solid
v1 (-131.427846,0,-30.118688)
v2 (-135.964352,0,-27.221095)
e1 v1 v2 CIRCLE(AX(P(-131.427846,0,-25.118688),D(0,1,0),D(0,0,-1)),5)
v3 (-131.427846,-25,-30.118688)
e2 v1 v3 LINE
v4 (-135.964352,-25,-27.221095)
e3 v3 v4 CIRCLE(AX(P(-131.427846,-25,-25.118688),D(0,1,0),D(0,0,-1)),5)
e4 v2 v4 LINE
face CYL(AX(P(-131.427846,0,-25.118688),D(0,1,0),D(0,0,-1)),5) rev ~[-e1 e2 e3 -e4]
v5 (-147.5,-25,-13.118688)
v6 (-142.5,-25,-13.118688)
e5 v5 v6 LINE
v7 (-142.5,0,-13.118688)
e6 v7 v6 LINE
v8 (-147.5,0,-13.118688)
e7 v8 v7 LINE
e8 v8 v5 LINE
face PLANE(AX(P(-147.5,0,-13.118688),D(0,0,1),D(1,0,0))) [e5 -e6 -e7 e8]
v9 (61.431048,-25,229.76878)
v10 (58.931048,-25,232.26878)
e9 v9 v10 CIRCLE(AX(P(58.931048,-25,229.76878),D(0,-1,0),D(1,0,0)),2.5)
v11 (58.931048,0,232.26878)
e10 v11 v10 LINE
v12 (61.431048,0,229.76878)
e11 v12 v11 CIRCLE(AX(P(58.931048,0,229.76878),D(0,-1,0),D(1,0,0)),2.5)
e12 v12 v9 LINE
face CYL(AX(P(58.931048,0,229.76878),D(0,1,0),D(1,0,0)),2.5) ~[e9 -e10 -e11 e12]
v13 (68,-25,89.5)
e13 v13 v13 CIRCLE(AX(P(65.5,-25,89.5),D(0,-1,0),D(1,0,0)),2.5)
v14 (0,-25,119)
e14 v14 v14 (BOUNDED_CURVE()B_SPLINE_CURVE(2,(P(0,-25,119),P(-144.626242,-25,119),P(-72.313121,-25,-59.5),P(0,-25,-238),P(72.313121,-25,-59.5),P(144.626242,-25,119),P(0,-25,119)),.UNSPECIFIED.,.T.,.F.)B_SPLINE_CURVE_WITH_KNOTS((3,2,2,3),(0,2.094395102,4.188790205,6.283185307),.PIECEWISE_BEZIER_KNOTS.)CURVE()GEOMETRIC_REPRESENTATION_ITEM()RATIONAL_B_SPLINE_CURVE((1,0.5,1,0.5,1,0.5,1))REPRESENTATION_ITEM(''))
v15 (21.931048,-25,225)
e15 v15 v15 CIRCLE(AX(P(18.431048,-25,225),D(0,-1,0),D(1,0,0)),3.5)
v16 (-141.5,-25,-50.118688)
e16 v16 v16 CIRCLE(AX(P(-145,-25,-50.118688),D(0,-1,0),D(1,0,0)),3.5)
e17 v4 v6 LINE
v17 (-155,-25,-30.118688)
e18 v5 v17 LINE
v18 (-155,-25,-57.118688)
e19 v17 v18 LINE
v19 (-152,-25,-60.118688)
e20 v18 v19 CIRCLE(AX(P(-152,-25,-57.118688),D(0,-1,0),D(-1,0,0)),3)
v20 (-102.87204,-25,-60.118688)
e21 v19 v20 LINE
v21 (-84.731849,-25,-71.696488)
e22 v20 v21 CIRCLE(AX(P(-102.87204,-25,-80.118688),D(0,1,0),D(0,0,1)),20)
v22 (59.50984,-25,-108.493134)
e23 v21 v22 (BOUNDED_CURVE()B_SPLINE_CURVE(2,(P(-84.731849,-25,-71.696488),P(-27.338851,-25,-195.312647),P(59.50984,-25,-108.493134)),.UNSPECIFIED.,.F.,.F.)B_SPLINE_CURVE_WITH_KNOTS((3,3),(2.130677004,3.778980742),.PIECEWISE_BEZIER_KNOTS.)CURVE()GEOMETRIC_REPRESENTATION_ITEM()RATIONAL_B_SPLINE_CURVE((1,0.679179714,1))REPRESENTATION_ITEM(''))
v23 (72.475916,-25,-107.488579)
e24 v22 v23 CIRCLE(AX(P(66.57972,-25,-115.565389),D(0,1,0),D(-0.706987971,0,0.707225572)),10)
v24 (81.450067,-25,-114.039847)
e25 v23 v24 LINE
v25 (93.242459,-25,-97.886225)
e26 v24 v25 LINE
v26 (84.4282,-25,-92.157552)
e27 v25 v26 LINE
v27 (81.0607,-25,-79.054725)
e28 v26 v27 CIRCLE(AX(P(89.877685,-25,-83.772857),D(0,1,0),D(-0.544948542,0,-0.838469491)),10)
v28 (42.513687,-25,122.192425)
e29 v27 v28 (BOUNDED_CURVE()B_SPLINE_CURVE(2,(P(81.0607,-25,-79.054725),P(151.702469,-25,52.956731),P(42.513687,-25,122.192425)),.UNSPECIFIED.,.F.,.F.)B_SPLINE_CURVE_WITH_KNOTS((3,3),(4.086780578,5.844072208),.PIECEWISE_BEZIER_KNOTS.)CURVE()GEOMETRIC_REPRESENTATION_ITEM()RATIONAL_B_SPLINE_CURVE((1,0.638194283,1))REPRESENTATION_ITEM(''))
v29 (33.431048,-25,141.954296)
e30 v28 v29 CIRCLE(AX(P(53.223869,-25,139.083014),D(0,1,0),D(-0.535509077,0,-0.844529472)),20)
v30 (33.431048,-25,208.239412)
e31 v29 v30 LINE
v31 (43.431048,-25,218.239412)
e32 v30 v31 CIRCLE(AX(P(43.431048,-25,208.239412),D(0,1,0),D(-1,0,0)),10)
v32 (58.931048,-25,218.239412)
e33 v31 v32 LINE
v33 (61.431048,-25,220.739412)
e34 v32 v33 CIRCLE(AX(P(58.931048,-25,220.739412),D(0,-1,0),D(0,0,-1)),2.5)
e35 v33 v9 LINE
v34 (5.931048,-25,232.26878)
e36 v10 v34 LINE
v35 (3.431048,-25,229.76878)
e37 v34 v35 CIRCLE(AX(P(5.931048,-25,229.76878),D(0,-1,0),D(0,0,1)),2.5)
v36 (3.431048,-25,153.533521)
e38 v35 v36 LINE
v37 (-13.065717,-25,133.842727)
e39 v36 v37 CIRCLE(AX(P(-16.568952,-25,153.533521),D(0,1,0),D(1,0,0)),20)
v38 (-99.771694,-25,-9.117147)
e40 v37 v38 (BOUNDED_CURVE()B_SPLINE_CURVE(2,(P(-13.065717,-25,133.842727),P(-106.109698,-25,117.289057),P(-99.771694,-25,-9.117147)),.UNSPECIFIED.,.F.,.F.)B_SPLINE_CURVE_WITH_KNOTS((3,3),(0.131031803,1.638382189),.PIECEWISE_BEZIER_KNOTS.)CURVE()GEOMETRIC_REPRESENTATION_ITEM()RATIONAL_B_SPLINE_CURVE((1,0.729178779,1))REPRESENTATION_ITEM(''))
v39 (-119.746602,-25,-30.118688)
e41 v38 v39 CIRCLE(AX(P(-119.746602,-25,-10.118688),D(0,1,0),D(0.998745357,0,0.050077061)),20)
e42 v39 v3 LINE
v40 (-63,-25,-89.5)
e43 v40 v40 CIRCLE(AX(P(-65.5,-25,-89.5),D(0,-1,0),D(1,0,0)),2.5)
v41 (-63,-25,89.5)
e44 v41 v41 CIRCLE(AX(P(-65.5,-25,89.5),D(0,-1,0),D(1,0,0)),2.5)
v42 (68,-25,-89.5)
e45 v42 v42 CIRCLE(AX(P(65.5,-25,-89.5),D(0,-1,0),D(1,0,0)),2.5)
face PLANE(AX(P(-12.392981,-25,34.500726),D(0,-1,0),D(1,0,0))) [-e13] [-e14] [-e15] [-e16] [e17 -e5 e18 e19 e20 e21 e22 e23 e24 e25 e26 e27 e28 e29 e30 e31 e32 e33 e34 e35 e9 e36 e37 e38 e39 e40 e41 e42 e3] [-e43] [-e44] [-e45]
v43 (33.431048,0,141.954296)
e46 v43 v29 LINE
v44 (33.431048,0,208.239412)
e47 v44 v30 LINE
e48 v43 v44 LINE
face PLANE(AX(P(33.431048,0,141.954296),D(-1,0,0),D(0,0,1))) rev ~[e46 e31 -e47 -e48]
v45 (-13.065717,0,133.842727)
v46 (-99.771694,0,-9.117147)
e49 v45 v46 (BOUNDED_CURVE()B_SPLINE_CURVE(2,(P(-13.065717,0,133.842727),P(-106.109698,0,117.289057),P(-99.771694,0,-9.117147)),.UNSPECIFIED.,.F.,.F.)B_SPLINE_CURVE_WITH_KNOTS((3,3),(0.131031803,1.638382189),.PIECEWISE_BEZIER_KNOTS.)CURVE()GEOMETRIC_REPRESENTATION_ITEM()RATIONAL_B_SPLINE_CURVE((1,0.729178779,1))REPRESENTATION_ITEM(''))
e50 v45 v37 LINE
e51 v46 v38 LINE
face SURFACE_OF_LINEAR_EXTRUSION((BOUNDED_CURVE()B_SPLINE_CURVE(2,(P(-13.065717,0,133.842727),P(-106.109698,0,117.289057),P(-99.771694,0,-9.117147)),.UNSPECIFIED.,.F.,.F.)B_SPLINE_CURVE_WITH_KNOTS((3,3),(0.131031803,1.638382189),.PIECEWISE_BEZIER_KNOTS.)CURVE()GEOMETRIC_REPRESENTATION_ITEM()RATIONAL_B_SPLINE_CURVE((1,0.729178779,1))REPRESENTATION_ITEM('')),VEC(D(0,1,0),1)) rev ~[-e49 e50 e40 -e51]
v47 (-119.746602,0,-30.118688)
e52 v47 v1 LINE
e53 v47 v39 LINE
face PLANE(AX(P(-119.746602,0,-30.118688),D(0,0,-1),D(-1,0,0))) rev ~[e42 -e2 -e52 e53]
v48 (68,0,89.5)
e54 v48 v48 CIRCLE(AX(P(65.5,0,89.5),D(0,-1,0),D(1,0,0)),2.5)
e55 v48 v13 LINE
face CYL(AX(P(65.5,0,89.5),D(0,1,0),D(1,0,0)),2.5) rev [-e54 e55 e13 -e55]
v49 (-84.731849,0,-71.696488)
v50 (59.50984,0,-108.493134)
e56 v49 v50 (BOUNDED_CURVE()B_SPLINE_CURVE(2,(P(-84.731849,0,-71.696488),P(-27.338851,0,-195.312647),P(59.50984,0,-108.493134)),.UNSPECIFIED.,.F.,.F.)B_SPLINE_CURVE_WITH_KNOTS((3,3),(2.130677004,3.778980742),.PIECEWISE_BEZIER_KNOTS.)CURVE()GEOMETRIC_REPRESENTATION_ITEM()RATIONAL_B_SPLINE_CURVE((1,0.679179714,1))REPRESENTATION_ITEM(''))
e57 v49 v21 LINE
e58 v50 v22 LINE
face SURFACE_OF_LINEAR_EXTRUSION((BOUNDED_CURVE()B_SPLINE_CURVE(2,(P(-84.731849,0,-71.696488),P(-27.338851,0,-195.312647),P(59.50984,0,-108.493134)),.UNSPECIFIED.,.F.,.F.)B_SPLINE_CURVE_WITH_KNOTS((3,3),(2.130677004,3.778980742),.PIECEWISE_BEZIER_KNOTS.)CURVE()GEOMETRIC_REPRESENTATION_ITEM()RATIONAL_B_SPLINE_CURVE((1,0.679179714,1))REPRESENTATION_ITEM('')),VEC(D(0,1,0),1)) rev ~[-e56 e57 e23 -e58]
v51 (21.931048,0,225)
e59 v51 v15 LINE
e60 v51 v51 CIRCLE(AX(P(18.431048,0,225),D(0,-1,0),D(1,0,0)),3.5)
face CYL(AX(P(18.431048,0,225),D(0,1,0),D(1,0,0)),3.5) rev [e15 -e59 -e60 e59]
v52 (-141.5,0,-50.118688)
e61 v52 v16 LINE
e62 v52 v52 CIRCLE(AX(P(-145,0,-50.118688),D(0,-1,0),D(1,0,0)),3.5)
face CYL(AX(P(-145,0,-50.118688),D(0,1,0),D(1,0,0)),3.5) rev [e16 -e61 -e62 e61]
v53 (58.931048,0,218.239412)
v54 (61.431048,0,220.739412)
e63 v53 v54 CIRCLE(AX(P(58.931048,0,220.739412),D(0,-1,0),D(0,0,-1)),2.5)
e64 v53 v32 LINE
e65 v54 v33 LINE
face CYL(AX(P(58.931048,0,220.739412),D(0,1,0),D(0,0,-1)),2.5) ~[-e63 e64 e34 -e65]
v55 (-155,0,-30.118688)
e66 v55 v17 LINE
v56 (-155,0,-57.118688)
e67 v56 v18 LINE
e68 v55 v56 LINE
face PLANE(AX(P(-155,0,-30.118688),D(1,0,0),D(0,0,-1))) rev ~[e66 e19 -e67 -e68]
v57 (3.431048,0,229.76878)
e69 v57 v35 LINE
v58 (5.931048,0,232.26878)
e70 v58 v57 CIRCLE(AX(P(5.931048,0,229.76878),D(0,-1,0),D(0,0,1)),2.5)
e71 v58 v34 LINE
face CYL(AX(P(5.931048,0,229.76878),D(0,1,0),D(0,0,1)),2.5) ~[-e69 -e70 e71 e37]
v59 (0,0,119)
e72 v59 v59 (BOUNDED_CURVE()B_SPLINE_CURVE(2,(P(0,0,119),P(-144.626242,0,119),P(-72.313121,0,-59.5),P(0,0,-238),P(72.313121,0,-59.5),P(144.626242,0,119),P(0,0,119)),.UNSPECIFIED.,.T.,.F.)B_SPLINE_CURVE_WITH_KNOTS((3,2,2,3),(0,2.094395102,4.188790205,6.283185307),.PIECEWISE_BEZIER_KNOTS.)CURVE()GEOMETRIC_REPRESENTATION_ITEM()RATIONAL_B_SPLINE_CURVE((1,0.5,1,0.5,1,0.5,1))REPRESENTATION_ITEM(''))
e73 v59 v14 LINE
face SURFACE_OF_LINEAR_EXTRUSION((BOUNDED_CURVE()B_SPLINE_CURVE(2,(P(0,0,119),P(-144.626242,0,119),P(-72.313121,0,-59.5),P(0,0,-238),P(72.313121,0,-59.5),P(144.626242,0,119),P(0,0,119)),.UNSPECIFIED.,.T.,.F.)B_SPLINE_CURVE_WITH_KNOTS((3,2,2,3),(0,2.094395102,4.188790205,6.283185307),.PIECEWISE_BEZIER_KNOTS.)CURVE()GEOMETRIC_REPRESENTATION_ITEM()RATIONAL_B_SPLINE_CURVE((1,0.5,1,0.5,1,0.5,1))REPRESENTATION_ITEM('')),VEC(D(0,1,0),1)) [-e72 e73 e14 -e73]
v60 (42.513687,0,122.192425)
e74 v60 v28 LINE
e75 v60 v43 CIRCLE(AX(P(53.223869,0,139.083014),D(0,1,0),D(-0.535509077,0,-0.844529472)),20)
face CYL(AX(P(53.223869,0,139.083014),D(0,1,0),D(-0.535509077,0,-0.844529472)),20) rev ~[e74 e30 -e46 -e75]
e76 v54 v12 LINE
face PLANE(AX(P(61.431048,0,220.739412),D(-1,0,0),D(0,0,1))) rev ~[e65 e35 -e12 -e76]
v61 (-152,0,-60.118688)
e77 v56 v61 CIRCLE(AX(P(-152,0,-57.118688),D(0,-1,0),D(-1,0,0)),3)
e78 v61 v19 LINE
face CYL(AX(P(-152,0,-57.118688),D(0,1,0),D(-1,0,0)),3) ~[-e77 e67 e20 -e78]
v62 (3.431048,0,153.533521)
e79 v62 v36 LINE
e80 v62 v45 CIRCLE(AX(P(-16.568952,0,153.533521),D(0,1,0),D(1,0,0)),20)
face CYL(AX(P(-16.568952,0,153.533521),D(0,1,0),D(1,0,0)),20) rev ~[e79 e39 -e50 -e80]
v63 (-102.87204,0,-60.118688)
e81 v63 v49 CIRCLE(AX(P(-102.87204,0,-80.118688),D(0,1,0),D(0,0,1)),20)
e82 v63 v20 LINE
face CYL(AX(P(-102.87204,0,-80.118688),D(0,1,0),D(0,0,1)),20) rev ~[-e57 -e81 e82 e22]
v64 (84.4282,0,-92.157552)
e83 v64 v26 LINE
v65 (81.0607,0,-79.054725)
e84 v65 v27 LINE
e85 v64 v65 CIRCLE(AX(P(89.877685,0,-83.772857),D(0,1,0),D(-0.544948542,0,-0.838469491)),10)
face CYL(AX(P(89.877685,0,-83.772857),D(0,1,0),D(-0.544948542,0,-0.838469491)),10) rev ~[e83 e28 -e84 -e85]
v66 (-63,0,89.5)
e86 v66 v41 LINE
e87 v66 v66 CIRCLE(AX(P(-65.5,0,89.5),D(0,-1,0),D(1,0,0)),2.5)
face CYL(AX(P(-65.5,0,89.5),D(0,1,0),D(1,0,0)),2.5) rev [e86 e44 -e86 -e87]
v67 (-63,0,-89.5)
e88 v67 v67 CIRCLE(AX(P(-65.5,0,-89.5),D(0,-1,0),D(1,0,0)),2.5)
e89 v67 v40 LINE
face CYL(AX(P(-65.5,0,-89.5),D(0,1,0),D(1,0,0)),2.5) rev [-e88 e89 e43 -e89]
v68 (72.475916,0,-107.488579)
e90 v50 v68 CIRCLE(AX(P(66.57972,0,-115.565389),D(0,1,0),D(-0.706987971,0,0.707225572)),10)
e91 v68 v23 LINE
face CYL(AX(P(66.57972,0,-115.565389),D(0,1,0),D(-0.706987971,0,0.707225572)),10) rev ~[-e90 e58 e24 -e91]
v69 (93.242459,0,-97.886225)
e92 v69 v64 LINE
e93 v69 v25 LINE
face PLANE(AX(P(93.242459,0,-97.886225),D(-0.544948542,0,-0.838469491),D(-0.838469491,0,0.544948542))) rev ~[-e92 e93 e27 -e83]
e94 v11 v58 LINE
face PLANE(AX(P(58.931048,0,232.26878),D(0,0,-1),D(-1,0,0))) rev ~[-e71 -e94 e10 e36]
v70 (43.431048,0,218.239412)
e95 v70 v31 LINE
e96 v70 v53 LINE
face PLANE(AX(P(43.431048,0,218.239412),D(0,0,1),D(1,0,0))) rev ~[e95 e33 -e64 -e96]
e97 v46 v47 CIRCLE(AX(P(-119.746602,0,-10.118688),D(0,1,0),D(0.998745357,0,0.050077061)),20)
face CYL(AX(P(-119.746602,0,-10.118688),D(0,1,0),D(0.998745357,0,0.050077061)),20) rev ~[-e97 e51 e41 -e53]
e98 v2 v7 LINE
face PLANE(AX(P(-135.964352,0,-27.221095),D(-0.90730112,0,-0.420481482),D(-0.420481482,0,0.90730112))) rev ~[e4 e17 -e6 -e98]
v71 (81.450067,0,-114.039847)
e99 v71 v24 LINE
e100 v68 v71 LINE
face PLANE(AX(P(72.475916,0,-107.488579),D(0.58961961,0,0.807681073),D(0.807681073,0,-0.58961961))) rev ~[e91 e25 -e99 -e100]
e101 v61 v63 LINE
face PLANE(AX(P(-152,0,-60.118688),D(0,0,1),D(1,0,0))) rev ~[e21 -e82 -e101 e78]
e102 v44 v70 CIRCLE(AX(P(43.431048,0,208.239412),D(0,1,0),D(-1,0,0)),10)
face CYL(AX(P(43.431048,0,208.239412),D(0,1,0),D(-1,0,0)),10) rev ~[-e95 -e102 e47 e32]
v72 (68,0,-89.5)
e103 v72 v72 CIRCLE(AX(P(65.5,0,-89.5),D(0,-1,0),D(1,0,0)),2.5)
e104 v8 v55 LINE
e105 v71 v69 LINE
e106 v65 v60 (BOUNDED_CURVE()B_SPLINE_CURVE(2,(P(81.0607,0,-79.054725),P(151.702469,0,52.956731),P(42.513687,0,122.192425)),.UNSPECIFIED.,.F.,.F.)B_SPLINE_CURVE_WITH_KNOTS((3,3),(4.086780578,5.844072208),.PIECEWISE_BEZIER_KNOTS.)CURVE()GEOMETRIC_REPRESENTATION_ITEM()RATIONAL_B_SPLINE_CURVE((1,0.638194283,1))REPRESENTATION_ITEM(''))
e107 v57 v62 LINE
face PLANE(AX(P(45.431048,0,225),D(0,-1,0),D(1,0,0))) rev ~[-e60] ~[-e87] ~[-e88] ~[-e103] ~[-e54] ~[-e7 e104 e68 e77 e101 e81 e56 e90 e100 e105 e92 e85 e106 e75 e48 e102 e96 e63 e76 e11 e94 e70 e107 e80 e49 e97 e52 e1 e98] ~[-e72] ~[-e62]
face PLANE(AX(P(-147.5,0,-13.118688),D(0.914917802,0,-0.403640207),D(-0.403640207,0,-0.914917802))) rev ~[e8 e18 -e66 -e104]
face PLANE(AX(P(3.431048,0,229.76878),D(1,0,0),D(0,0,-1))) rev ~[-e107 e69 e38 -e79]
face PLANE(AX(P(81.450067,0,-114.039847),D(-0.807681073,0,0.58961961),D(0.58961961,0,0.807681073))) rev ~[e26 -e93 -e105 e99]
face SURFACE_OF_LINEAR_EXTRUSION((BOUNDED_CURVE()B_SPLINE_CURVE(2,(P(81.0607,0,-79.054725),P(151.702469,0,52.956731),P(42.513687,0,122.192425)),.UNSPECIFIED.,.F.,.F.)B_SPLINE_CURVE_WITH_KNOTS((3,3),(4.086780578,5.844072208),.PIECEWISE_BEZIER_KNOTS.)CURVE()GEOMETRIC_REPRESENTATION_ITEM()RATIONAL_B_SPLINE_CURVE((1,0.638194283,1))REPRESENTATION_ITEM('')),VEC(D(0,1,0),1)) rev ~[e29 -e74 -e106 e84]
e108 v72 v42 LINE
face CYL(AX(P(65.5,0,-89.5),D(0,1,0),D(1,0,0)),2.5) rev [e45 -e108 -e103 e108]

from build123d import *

# Parameters (mm, degrees)
F0_R     = 3.5
F0_R_2   = 2.5
F0_R_3   = 5
F0_W     = 5
F0_H     = 15
F0_H_2   = 2
F1_DEPTH = 25
F2_DEPTH = 25


with BuildPart() as f1:
    # F0 (on Front) → F1 (new body)
    with BuildSketch(Plane.XZ):
        with BuildLine():
            ThreePointArc((3.4310483717, 153.5335206791), (-1.2381869311, 140.6895472363), (-13.0657170082, 133.8427272163))
            add(Edge.make_bspline(
                [(-13.0657170082, 133.8427272163), (-106.109697578, 117.2890573736), (-99.7716944898, -9.1171466788)],
                knots=[0.1310318031, 0.1310318031, 0.1310318031, 1.6383821886, 1.6383821886, 1.6383821886], degree=2, weights=[1, 0.7291787792, 1]))
            ThreePointArc((-99.7716944898, -9.1171466788), (-105.2546931224, -23.9021775768), (-119.7466016284, -30.1186878933))
            Line((-119.7466016284, -30.1186878933), (-131.4278459388, -30.1186878933))
            ThreePointArc((-131.4278459388, -30.1186878933), (-134.119310498, -29.332476987), (-135.9643515411, -27.221095304))
            Line((-135.9643515411, -27.221095304), (-142.5, -13.1186878933))
            Line((-142.5, -13.1186878933), (-142.5, -28.1186878933))
            Line((-142.5, -28.1186878933), (-142.5, -30.1186878933))
            Line((-142.5, -30.1186878933), (-147.5, -30.1186878933))
            Line((-147.5, -30.1186878933), (-147.5, -28.1186878933))
            Line((-147.5, -28.1186878933), (-147.5, -13.1186878933))
            Line((-147.5, -13.1186878933), (-155, -30.1186878933))
            Line((-155, -30.1186878933), (-155, -50.1186878933))
            Line((-155, -50.1186878933), (-155, -57.1186878933))
            ThreePointArc((-155, -57.1186878933), (-154.1213203436, -59.2400082368), (-152, -60.1186878933))
            Line((-152, -60.1186878933), (-102.8720403586, -60.1186878933))
            ThreePointArc((-102.8720403586, -60.1186878933), (-92.112021633, -63.2598030836), (-84.7318487342, -71.6964881907))
            add(Edge.make_bspline(
                [(-84.7318487342, -71.6964881907), (-27.3388509801, -195.3126471426), (59.5098403753, -108.4931336193)],
                knots=[2.1306770045, 2.1306770045, 2.1306770045, 3.7789807423, 3.7789807423, 3.7789807423], degree=2, weights=[1, 0.6791797143, 1]))
            ThreePointArc((59.5098403753, -108.4931336193), (65.8072785012, -105.5952672693), (72.4759161821, -107.4885786045))
            Line((72.4759161821, -107.4885786045), (81.4500670309, -114.0398467952))
            Line((81.4500670309, -114.0398467952), (93.2424592272, -97.8862253348))
            Line((93.2424592272, -97.8862253348), (84.4281995262, -92.1575518141))
            ThreePointArc((84.4281995262, -92.1575518141), (80.1924350893, -86.2620204766), (81.0606995154, -79.0547250752))
            add(Edge.make_bspline(
                [(81.0606995154, -79.0547250752), (151.702469188, 52.9567311651), (42.5136872667, 122.1924249079)],
                knots=[4.0867805785, 4.0867805785, 4.0867805785, 5.844072208, 5.844072208, 5.844072208], degree=2, weights=[1, 0.6381942829, 1]))
            ThreePointArc((42.5136872667, 122.1924249079), (35.0513298863, 130.7308392292), (33.4310483717, 141.9542961213))
            Line((33.4310483717, 141.9542961213), (33.4310483717, 208.2394117117))
            ThreePointArc((33.4310483717, 208.2394117117), (36.3599805598, 215.3104795236), (43.4310483717, 218.2394117117))
            Line((43.4310483717, 218.2394117117), (58.9310483717, 218.2394117117))
            ThreePointArc((58.9310483717, 218.2394117117), (60.6988153247, 218.9716447587), (61.4310483717, 220.7394117117))
            Line((61.4310483717, 220.7394117117), (61.4310483717, 229.7687804699))
            ThreePointArc((61.4310483717, 229.7687804699), (60.6988153247, 231.5365474229), (58.9310483717, 232.2687804699))
            Line((58.9310483717, 232.2687804699), (33.4310483717, 232.2687804699))
            Line((33.4310483717, 232.2687804699), (5.9310483717, 232.2687804699))
            ThreePointArc((5.9310483717, 232.2687804699), (4.1632814187, 231.5365474229), (3.4310483717, 229.7687804699))
            Line((3.4310483717, 229.7687804699), (3.4310483717, 153.5335206791))
        make_face()
        with Locations((-145, -50.1186878933)):
            Circle(F0_R, mode=Mode.SUBTRACT)
        with Locations((-65.5, -89.5)):
            Circle(F0_R_2, mode=Mode.SUBTRACT)
        with Locations((65.5, -89.5)):
            Circle(F0_R_2, mode=Mode.SUBTRACT)
        with BuildLine():
            add(Edge.make_bspline(
                [(0, 119), (-144.626242432, 119), (-72.313121216, -59.5), (0, -238), (72.313121216, -59.5), (144.626242432, 119), (0, 119)],
                knots=[0, 0, 0, 2.0943951024, 2.0943951024, 4.1887902048, 4.1887902048, 6.2831853072, 6.2831853072, 6.2831853072], degree=2, weights=[1, 0.5, 1, 0.5, 1, 0.5, 1]))
        make_face(mode=Mode.SUBTRACT)
        with Locations((-65.5, 89.5)):
            Circle(F0_R_2, mode=Mode.SUBTRACT)
        with Locations((65.5, 89.5)):
            Circle(F0_R_2, mode=Mode.SUBTRACT)
        with Locations((18.4310483717, 225)):
            Circle(F0_R, mode=Mode.SUBTRACT)
        with Locations((45.4310483717, 225)):
            Circle(F0_R_3, mode=Mode.SUBTRACT)
        with Locations((-145, -20.6186878933)):
            Rectangle(F0_W, F0_H)
        with Locations((-145, -29.1186878933)):
            Rectangle(F0_W, F0_H_2)
    extrude(amount=F1_DEPTH)

    # F0 (on Front) → F2 (join)
    with BuildSketch(Plane.XZ):
        with Locations((45.4310483717, 225)):
            Circle(F0_R_3)
    extrude(amount=F2_DEPTH)


solid = f1.part
